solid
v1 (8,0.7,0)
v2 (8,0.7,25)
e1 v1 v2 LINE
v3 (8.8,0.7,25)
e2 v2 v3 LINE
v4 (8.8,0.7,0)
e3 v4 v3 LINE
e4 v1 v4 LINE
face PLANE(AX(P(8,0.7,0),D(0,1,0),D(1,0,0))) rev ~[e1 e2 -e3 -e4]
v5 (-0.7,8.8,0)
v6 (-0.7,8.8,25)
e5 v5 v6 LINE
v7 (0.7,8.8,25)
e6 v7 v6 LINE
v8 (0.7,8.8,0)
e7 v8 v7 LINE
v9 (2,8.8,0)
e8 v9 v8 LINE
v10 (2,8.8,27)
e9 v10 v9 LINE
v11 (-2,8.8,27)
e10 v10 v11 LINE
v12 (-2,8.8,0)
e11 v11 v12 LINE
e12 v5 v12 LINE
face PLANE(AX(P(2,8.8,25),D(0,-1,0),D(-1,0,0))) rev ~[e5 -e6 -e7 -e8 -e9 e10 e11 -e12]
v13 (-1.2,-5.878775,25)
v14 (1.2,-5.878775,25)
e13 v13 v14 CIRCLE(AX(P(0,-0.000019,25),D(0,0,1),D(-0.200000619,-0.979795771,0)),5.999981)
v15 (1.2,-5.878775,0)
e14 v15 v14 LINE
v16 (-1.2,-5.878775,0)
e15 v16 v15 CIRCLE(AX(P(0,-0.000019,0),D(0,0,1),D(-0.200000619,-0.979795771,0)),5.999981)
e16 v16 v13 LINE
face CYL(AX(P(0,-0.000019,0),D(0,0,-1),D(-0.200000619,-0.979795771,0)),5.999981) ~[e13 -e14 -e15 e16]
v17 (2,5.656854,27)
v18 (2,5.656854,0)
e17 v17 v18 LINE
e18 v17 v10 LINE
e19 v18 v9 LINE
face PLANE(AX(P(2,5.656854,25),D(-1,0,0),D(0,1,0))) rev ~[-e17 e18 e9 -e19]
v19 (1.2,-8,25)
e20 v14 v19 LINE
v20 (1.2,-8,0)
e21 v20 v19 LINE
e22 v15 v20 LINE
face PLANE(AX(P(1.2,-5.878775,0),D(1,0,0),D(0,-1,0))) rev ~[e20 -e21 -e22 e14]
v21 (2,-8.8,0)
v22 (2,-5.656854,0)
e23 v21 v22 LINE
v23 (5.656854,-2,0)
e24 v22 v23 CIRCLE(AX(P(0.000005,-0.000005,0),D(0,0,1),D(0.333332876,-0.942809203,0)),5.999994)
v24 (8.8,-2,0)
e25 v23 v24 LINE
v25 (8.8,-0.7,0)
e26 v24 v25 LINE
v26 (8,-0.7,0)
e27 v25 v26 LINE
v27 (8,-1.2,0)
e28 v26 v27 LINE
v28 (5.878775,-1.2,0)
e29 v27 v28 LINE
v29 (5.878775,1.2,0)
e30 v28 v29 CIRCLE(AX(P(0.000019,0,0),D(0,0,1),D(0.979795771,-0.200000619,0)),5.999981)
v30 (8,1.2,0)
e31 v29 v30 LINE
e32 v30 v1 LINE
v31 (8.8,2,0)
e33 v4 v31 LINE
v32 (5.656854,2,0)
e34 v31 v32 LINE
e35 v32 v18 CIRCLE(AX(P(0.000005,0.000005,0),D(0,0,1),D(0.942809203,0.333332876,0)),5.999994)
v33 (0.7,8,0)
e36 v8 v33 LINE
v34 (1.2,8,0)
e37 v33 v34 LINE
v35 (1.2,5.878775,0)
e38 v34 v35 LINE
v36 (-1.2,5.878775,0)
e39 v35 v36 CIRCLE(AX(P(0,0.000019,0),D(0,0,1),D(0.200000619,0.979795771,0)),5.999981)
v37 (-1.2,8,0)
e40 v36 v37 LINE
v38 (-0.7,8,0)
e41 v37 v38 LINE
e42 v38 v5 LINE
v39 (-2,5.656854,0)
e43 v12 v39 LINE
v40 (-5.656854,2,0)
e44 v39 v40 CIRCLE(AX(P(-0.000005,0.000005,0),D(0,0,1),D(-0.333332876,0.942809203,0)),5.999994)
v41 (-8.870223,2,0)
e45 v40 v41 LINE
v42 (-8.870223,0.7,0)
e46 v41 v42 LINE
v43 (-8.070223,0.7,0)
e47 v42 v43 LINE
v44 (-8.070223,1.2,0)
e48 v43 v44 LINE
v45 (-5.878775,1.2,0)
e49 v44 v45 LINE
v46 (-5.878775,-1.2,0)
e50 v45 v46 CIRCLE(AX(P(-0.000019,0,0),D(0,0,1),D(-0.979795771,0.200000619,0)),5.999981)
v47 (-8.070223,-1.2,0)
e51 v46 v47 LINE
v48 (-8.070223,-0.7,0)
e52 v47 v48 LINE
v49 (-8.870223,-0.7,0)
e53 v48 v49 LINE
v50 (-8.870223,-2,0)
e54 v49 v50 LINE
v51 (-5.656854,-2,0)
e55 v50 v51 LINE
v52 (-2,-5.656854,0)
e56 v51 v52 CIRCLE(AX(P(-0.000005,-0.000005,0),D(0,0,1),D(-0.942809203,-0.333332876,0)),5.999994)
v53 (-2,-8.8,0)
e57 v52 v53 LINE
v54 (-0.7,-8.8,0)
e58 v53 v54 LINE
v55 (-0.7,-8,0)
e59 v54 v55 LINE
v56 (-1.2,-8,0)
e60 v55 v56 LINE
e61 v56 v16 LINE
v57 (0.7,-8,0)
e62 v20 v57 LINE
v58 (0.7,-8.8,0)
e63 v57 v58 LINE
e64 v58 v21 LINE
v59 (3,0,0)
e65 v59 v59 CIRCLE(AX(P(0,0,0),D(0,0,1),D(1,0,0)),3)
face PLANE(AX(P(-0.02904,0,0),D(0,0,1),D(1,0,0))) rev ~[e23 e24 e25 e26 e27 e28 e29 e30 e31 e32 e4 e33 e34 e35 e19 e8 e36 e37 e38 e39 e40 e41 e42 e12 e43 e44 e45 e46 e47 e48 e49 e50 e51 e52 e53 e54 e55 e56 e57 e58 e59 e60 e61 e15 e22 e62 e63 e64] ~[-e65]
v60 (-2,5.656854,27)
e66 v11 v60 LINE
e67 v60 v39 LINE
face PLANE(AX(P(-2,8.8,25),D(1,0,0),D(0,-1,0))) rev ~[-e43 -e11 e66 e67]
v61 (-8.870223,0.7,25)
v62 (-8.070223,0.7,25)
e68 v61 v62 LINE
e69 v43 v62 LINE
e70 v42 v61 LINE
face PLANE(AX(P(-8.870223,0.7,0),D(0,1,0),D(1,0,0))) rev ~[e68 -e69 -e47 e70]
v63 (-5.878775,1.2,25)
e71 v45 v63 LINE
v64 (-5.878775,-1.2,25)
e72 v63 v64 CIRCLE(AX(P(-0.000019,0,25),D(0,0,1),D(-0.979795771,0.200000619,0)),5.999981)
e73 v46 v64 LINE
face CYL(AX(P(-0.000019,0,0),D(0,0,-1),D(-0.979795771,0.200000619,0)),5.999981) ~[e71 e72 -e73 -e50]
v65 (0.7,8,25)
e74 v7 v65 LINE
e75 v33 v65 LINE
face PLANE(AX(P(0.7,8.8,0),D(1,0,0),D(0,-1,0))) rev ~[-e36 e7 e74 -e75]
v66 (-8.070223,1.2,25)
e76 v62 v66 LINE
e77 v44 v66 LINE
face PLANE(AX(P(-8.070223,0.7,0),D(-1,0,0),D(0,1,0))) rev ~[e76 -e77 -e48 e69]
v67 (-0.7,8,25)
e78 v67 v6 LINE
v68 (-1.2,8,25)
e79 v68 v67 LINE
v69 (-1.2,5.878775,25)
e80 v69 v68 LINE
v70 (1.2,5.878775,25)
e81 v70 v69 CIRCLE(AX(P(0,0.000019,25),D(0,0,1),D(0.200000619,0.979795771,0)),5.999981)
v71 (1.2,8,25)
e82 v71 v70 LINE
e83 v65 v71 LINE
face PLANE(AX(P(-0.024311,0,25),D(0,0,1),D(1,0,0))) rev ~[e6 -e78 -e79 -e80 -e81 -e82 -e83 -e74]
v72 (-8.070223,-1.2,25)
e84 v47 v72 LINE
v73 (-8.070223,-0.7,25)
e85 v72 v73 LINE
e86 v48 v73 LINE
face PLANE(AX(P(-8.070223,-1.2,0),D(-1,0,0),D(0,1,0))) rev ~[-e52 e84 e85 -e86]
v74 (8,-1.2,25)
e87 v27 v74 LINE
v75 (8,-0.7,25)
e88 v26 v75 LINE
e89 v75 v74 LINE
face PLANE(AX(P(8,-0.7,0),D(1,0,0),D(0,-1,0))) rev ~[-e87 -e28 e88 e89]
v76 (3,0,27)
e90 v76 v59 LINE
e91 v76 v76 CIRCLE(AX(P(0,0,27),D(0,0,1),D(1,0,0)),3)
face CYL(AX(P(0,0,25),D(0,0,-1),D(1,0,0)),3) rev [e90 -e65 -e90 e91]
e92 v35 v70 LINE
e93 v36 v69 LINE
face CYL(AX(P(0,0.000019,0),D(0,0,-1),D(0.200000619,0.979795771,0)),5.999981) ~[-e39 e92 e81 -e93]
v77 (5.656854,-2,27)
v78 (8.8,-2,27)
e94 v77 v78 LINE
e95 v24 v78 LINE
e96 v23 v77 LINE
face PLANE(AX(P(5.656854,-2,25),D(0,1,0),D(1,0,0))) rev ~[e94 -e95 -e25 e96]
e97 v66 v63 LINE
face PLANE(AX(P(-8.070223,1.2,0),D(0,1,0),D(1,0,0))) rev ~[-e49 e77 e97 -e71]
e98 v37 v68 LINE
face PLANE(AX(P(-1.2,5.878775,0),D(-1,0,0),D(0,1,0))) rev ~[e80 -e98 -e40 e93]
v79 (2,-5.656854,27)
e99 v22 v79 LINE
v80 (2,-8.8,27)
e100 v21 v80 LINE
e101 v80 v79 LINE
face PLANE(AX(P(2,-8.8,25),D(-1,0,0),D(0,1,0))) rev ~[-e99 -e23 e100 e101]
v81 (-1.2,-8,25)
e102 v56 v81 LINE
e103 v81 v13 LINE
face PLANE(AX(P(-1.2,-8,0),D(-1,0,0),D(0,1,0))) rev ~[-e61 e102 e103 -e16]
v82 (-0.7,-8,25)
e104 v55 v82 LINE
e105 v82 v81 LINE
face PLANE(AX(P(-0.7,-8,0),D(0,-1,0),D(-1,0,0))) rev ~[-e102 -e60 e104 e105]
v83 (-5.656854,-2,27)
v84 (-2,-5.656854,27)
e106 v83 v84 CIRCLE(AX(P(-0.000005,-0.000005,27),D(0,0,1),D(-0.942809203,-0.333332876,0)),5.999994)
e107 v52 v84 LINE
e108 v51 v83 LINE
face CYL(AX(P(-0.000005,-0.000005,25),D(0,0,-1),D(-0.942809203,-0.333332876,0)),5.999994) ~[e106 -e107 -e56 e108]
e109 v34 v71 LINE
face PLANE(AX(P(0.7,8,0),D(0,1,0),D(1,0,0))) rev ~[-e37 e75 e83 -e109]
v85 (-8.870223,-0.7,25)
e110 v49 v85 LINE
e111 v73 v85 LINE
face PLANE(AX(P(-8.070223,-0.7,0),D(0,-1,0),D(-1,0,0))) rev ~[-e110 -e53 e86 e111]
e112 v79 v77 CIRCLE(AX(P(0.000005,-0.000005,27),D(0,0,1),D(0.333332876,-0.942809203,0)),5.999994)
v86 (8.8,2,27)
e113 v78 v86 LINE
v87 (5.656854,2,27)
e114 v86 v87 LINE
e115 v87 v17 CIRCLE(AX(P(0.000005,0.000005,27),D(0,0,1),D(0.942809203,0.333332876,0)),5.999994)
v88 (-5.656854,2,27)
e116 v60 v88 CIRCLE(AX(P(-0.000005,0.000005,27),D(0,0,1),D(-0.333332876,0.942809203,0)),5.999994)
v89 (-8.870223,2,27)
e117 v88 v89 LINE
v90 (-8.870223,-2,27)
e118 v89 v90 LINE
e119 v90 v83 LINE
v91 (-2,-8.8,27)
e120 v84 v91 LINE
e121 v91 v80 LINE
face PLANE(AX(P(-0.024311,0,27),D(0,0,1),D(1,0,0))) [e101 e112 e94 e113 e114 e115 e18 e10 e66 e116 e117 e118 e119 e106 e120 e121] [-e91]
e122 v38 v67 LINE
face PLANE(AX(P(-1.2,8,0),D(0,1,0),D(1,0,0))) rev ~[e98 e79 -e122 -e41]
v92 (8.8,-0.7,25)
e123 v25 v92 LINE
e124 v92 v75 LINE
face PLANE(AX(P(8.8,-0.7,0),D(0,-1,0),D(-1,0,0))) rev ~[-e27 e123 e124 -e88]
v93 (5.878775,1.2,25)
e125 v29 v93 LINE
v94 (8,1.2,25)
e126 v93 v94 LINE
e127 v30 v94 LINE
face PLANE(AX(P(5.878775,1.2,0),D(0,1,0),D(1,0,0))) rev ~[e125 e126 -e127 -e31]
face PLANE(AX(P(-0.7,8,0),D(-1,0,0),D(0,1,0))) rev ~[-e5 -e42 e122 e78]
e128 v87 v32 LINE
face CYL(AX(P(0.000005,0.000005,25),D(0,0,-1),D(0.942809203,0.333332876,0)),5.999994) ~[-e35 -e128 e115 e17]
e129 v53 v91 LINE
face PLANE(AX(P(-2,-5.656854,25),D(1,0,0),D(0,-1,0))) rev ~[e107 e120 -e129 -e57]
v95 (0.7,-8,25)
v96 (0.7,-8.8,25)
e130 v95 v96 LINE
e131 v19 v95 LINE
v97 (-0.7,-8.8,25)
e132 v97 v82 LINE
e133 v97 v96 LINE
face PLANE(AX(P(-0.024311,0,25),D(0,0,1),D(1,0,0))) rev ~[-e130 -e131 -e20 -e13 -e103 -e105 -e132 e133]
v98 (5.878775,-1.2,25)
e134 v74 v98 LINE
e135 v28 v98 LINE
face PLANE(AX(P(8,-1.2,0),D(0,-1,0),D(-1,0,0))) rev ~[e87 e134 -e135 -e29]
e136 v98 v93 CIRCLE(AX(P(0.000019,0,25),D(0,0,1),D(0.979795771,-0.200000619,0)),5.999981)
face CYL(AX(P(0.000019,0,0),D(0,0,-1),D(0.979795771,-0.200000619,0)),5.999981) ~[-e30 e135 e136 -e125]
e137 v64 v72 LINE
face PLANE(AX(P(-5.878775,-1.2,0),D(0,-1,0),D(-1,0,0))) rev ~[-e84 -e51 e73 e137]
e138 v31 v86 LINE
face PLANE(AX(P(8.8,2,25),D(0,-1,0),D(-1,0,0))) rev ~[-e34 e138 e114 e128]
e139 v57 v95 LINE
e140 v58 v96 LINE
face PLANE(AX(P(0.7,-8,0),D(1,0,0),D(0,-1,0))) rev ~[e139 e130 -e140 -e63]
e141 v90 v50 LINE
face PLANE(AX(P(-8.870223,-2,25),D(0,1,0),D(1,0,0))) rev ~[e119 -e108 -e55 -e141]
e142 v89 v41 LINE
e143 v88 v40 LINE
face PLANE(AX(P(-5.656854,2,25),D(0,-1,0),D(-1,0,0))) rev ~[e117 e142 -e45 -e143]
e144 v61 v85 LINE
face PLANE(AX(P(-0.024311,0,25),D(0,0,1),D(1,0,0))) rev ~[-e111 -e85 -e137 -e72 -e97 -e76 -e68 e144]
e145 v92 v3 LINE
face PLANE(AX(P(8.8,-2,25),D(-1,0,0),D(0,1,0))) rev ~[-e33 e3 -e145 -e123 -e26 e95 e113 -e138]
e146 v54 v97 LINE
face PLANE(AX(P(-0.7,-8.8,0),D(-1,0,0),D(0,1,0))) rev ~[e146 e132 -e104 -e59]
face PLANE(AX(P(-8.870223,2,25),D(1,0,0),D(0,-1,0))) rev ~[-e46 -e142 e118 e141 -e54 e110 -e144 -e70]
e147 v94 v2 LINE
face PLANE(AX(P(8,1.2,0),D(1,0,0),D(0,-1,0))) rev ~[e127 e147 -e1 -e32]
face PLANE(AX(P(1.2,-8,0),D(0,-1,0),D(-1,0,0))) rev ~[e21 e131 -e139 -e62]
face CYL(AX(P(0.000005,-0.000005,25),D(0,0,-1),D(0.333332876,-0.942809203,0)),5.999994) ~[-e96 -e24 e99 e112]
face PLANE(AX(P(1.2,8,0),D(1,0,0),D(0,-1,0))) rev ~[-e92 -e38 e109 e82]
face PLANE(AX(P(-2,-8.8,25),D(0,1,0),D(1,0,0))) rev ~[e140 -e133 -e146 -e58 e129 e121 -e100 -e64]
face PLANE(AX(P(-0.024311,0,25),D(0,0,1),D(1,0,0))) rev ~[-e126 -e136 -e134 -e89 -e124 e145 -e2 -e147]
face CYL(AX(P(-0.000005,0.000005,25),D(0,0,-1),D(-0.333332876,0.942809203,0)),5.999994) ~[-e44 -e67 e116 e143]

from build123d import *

# Parameters (mm, degrees)
F0_R     = 3
F1_DEPTH = 25
F2_R     = 3
F3_DEPTH = 2


with BuildPart() as f1:
    # F0 (on Top) → F1 (new body)
    with BuildSketch(Plane.XY):
        with BuildLine():
            Line((-8.070223, 1.2), (-5.878775, 1.2))
            ThreePointArc((-5.878775, 1.2), (-6, 0), (-5.878775, -1.2))
            Line((-5.878775, -1.2), (-8, -1.2))
            Line((-8, -1.2), (-8.070223, -1.2))
            Line((-8.070223, -1.2), (-8.070223, -0.7))
            Line((-8.070223, -0.7), (-8.870223, -0.7))
            Line((-8.870223, -0.7), (-8.870223, -2))
            Line((-8.870223, -2), (-8.070223, -2))
            Line((-8.070223, -2), (-8, -2))
            Line((-8, -2), (-5.656854, -2))
            ThreePointArc((-5.656854, -2), (-4.242641, -4.242641), (-2, -5.656854))
            Line((-2, -5.656854), (-2, -8))
            Line((-2, -8), (-2, -8.8))
            Line((-2, -8.8), (-0.7, -8.8))
            Line((-0.7, -8.8), (-0.7, -8))
            Line((-0.7, -8), (-1.2, -8))
            Line((-1.2, -8), (-1.2, -5.878775))
            ThreePointArc((-1.2, -5.878775), (0, -6), (1.2, -5.878775))
            Line((1.2, -5.878775), (1.2, -8))
            Line((1.2, -8), (0.7, -8))
            Line((0.7, -8), (0.7, -8.8))
            Line((0.7, -8.8), (2, -8.8))
            Line((2, -8.8), (2, -8))
            Line((2, -8), (2, -5.656854))
            ThreePointArc((2, -5.656854), (4.242641, -4.242641), (5.656854, -2))
            Line((5.656854, -2), (8, -2))
            Line((8, -2), (8.8, -2))
            Line((8.8, -2), (8.8, -0.7))
            Line((8.8, -0.7), (8, -0.7))
            Line((8, -0.7), (8, -1.2))
            Line((8, -1.2), (5.878775, -1.2))
            ThreePointArc((5.878775, -1.2), (6, 0), (5.878775, 1.2))
            Line((5.878775, 1.2), (8, 1.2))
            Line((8, 1.2), (8, 0.7))
            Line((8, 0.7), (8.8, 0.7))
            Line((8.8, 0.7), (8.8, 2))
            Line((8.8, 2), (8, 2))
            Line((8, 2), (5.656854, 2))
            ThreePointArc((5.656854, 2), (4.242641, 4.242641), (2, 5.656854))
            Line((2, 5.656854), (2, 8))
            Line((2, 8), (2, 8.8))
            Line((2, 8.8), (0.7, 8.8))
            Line((0.7, 8.8), (0.7, 8))
            Line((0.7, 8), (1.2, 8))
            Line((1.2, 8), (1.2, 5.878775))
            ThreePointArc((1.2, 5.878775), (0, 6), (-1.2, 5.878775))
            Line((-1.2, 5.878775), (-1.2, 8))
            Line((-1.2, 8), (-0.7, 8))
            Line((-0.7, 8), (-0.7, 8.8))
            Line((-0.7, 8.8), (-2, 8.8))
            Line((-2, 8.8), (-2, 8))
            Line((-2, 8), (-2, 5.656854))
            ThreePointArc((-2, 5.656854), (-4.242641, 4.242641), (-5.656854, 2))
            Line((-5.656854, 2), (-8.070223, 2))
            Line((-8.070223, 2), (-8.870223, 2))
            Line((-8.870223, 2), (-8.870223, 0.7))
            Line((-8.870223, 0.7), (-8.070223, 0.7))
            Line((-8.070223, 0.7), (-8.070223, 1.2))
        make_face()
        Circle(F0_R, mode=Mode.SUBTRACT)
    extrude(amount=F1_DEPTH)

    # F2 (on face) → F3 (join)
    with BuildSketch(Plane.XY.offset(25)):
        with BuildLine():
            Line((-8.870223, -2), (-5.656854, -2))
            ThreePointArc((-5.656854, -2), (-4.242641, -4.242641), (-2, -5.656854))
            Line((-2, -5.656854), (-2, -8.8))
            Line((-2, -8.8), (2, -8.8))
            Line((2, -8.8), (2, -5.656854))
            ThreePointArc((2, -5.656854), (4.242641, -4.242641), (5.656854, -2))
            Line((5.656854, -2), (8.8, -2))
            Line((8.8, -2), (8.8, 2))
            Line((8.8, 2), (5.656854, 2))
            ThreePointArc((5.656854, 2), (4.242641, 4.242641), (2, 5.656854))
            Line((2, 5.656854), (2, 8.8))
            Line((2, 8.8), (-2, 8.8))
            Line((-2, 8.8), (-2, 5.656854))
            ThreePointArc((-2, 5.656854), (-4.242641, 4.242641), (-5.656854, 2))
            Line((-5.656854, 2), (-8.870223, 2))
            Line((-8.870223, 2), (-8.870223, -2))
        make_face()
        Circle(F2_R, mode=Mode.SUBTRACT)
    extrude(amount=F3_DEPTH)


solid = f1.part
